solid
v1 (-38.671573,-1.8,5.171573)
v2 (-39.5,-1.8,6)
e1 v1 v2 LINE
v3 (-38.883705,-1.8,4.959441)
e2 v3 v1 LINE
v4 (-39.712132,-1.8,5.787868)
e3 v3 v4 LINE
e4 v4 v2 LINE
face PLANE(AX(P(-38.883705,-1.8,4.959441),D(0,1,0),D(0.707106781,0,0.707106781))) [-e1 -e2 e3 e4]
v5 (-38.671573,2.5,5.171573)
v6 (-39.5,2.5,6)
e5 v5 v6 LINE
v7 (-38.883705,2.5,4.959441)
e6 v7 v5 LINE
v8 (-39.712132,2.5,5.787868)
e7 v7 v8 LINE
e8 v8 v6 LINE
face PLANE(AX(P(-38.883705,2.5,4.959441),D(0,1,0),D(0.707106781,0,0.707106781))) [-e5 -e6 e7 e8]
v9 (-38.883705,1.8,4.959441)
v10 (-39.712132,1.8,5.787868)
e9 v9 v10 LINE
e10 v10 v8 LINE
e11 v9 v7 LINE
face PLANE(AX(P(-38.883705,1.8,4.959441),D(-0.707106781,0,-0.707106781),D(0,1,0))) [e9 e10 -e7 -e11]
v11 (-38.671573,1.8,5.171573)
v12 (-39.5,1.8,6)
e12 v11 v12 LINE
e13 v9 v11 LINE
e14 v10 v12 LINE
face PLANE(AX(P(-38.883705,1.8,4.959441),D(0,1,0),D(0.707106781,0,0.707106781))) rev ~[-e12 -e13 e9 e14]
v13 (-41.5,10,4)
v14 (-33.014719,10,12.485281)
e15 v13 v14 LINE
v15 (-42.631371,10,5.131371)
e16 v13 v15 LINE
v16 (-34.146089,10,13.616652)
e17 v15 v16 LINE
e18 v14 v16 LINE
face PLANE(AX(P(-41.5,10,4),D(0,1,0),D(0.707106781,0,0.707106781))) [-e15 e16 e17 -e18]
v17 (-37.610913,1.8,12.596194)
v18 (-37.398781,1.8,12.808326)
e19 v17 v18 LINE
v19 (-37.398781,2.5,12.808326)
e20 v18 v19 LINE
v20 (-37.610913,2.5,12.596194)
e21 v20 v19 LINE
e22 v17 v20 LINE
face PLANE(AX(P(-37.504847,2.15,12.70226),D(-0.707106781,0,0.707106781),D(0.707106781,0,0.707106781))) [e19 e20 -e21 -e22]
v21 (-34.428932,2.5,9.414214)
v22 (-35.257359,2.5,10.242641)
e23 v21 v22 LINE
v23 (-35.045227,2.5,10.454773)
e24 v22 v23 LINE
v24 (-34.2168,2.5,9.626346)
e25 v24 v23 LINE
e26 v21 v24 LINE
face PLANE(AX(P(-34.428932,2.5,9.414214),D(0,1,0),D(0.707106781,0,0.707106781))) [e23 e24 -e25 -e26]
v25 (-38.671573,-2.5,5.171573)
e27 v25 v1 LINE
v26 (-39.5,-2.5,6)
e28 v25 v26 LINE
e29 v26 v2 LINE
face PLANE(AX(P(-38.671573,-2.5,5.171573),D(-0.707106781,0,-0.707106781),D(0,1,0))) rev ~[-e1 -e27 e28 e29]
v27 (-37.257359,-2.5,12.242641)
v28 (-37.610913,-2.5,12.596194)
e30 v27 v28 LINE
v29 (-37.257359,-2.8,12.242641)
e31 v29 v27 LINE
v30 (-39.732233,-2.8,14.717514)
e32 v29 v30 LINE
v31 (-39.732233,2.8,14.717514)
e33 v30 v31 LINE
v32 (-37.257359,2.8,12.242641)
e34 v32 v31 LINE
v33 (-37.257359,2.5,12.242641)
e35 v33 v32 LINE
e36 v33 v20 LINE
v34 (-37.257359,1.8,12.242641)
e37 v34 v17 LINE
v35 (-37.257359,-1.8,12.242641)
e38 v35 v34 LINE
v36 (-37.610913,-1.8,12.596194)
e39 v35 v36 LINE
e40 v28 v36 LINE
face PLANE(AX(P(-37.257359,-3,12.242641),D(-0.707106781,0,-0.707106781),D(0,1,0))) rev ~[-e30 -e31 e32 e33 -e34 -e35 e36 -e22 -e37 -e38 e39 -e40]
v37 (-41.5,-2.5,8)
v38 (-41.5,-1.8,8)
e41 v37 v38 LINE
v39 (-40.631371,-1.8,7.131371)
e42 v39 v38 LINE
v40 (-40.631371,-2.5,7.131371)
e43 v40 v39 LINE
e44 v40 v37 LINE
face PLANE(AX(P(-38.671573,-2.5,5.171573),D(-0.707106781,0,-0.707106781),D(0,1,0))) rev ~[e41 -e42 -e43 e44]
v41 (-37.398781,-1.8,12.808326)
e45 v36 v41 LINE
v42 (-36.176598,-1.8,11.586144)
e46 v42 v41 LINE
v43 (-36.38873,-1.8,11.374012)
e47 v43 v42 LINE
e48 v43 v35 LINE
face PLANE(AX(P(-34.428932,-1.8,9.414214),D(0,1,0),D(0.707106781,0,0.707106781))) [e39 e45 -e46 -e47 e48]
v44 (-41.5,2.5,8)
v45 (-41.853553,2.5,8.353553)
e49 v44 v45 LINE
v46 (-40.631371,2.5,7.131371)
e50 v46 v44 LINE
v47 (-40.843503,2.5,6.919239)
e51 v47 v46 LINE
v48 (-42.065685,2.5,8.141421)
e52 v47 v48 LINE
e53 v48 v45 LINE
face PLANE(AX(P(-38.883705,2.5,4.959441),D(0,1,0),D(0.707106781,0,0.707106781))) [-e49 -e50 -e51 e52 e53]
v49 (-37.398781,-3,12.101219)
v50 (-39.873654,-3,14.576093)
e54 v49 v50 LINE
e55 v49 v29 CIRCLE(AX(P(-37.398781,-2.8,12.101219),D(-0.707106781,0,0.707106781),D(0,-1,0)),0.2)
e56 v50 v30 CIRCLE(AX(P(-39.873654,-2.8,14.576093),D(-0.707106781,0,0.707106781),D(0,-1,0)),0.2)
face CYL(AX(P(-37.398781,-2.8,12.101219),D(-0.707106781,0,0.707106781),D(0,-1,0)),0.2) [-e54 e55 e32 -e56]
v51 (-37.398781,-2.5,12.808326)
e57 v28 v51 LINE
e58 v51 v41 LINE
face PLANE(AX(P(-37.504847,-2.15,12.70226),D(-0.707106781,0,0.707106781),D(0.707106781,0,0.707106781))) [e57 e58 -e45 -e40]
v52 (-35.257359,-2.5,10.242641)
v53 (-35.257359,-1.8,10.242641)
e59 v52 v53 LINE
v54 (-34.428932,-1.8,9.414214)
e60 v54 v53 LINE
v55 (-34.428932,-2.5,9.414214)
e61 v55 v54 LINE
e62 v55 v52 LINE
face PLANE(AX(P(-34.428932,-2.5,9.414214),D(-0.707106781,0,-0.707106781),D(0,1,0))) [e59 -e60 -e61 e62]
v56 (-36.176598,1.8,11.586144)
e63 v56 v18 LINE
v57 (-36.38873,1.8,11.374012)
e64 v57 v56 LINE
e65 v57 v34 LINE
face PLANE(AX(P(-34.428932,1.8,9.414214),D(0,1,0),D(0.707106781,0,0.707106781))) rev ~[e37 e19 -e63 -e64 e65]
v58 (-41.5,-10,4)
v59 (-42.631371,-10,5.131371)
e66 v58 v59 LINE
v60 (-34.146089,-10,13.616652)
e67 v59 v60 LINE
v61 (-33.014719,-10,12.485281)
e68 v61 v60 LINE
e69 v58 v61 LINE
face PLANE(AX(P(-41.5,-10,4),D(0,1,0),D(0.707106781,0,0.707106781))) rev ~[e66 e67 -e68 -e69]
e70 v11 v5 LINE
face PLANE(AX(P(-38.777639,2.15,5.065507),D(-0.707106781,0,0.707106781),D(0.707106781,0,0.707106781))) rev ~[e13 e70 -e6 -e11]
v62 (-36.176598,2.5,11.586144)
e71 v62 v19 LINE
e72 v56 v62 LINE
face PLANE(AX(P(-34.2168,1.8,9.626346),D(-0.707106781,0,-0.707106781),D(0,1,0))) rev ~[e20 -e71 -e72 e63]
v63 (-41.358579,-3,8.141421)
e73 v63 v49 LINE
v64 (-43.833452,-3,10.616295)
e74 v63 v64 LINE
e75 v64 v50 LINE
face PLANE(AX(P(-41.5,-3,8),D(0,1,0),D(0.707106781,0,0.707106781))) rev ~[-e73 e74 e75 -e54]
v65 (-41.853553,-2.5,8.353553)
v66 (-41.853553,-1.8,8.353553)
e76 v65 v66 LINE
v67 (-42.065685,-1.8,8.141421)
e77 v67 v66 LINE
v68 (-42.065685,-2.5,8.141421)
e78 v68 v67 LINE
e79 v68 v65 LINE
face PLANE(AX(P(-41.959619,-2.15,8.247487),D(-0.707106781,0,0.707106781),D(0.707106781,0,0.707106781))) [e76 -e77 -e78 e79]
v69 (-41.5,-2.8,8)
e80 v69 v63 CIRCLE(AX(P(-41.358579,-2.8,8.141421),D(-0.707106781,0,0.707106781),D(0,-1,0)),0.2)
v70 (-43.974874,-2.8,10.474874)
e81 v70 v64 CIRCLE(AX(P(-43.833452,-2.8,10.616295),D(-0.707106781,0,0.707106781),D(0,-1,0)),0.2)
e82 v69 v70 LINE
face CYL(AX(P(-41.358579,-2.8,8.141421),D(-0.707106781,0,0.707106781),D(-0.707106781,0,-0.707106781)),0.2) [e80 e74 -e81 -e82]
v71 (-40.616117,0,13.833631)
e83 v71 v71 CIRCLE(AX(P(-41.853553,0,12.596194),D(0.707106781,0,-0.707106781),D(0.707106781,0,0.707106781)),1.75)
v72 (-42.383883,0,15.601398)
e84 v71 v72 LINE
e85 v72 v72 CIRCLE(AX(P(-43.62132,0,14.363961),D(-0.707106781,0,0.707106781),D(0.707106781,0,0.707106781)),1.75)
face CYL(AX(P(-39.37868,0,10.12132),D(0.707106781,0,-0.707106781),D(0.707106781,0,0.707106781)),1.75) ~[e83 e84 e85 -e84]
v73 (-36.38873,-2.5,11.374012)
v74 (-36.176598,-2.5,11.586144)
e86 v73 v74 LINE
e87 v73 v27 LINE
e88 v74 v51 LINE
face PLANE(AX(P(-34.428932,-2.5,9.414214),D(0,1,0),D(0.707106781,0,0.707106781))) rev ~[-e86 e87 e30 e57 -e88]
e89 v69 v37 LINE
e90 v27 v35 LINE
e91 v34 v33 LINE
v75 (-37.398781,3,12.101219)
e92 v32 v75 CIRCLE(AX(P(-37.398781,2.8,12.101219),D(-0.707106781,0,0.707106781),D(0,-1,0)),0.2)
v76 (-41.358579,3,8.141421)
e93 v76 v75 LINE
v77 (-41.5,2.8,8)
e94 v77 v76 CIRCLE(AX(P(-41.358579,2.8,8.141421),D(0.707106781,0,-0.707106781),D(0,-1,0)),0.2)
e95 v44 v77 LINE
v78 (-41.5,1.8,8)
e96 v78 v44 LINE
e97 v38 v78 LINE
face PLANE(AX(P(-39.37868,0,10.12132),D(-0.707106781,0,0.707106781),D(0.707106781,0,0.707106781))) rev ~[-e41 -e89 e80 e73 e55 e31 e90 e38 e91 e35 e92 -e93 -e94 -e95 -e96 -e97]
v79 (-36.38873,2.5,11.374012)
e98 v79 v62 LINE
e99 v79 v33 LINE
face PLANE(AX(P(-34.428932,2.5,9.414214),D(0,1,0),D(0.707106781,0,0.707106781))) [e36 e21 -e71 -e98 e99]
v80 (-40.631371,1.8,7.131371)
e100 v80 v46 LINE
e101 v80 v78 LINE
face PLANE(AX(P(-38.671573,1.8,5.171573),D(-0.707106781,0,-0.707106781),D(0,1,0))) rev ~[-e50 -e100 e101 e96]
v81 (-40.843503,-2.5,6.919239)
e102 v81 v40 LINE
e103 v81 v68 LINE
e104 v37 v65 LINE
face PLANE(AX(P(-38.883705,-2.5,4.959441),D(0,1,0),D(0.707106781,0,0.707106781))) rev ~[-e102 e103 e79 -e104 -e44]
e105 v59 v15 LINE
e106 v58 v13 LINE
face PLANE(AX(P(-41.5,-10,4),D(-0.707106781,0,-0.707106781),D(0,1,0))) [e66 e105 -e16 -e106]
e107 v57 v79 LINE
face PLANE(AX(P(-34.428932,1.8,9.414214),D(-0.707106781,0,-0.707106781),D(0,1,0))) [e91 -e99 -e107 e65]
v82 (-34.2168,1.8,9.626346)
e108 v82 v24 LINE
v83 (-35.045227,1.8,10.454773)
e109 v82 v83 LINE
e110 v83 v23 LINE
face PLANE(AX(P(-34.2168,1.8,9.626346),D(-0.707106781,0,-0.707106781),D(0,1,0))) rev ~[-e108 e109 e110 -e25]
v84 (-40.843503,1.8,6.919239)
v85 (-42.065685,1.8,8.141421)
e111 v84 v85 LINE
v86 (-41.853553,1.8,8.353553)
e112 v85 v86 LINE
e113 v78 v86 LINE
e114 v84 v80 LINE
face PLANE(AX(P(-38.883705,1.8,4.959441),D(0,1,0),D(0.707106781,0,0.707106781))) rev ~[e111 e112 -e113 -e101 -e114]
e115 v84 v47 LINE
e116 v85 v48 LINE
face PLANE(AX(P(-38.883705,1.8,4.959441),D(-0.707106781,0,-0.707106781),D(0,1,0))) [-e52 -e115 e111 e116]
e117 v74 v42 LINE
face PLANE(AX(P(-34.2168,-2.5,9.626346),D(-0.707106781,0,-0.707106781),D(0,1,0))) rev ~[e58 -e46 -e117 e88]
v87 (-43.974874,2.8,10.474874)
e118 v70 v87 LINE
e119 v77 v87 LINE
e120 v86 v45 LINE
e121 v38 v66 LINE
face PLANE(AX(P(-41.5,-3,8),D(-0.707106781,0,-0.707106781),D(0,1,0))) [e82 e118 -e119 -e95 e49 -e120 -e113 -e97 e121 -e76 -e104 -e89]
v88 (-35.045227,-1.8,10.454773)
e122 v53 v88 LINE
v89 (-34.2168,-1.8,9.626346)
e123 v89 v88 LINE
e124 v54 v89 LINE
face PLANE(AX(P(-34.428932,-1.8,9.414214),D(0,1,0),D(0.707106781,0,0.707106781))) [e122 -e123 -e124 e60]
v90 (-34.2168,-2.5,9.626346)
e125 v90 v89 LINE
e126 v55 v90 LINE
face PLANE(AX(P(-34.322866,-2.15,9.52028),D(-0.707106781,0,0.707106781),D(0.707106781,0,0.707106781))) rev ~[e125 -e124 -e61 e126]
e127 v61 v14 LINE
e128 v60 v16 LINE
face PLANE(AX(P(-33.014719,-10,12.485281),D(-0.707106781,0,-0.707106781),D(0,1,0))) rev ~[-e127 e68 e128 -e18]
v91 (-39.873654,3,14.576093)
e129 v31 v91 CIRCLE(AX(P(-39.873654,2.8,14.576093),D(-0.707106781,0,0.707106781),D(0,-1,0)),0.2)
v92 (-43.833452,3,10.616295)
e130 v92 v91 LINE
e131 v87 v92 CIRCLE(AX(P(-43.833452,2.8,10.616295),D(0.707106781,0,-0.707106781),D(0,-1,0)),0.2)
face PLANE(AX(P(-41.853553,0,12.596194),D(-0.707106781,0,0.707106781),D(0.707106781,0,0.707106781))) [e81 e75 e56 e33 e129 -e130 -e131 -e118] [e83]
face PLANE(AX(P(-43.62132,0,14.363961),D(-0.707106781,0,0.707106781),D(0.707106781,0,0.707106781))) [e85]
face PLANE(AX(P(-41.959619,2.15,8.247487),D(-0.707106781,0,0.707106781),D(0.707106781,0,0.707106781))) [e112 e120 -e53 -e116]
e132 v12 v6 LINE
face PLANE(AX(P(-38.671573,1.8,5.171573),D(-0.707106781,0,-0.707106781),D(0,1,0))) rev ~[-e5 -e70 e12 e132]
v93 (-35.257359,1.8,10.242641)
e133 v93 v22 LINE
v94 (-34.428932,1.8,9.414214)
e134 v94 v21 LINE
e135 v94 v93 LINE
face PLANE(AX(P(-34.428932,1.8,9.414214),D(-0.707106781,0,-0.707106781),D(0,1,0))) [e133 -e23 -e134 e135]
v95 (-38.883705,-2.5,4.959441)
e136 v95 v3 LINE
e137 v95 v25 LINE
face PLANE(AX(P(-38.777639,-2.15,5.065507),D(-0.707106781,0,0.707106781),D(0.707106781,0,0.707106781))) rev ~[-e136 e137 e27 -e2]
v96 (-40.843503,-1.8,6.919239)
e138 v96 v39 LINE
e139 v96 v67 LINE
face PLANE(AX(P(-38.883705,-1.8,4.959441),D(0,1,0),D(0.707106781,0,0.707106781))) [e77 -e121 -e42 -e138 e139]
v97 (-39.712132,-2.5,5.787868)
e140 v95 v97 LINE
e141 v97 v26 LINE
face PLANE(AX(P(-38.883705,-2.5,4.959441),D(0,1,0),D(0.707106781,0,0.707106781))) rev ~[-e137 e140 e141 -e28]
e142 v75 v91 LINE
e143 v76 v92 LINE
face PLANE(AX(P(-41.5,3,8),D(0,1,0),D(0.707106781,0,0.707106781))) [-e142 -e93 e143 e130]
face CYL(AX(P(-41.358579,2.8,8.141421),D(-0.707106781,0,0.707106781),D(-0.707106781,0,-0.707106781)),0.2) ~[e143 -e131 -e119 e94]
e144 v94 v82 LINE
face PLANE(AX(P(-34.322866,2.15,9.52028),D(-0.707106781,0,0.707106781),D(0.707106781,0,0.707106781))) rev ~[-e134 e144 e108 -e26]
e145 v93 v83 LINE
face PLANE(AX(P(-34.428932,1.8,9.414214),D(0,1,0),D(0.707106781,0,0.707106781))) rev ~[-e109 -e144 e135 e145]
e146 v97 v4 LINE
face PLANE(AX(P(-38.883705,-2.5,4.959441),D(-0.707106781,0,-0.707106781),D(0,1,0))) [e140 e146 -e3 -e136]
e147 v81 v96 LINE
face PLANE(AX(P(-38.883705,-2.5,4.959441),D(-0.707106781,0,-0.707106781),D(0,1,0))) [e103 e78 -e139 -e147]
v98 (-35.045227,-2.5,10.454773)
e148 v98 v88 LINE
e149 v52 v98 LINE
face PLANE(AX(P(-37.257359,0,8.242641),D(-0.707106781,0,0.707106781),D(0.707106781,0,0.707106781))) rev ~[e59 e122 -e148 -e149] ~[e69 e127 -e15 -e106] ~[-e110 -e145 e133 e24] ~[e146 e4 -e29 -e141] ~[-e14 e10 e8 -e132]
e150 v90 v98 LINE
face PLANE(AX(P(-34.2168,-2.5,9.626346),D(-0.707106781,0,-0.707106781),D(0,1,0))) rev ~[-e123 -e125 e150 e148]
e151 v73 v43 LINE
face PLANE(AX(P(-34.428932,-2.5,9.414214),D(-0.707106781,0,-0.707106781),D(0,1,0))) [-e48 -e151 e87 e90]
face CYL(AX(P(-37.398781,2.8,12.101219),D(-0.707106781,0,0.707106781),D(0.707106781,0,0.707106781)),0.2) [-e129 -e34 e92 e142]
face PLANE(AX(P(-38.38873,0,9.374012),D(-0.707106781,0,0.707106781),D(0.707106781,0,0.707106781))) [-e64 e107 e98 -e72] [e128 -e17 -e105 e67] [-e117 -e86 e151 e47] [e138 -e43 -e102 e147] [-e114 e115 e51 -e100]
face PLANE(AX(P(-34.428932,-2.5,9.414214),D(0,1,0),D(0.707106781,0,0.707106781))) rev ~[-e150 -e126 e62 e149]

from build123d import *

# Parameters (mm, degrees)
BOX026_W              = 12
BOX026_H              = 20
BOX026_DEPTH          = 1.6
BOX026_PITCH_ANGLE    = -45
BOX024_W              = 0.3
BOX024_H              = 0.7
BOX024_DEPTH          = 4.5
BOX021_W              = 0.3
BOX021_H              = 0.7
BOX021_DEPTH          = 4.5
BOX025_W              = 0.3
BOX025_H              = 0.7
BOX025_DEPTH          = 4.5
BOX022_W              = 0.3
BOX022_H              = 0.7
BOX022_DEPTH          = 4.5
CYLINDER042_R         = 1.75
CYLINDER042_DEPTH     = 6
BOX023_W              = 6
BOX023_H              = 6
BOX023_DEPTH          = 3.5
FILLET004_R           = 0.2
FUSION004_PITCH_ANGLE = -45


with BuildPart() as plaqueta_pulsador:
    # Box026 → Box026 (new body)
    with BuildSketch(Plane.XY):
        with Locations((6, 10)):
            Rectangle(BOX026_W, BOX026_H)
    extrude(amount=BOX026_DEPTH)


with BuildPart() as plaqueta_pulsador_1:
    # Box026 pitch: moved
    add(plaqueta_pulsador.part.rotate(Axis((0, 0, 0), (0, 1, 0)), BOX026_PITCH_ANGLE))


with BuildPart() as plaqueta_pulsador_2:
    # Box026 placement: moved
    add(plaqueta_pulsador_1.part.moved(Location((-43, -10, 4))))


with BuildPart() as cubo021:
    # Box024 → Box024 (new body)
    with BuildSketch(Plane(origin=(6, 0.5, -4), x_dir=(1, 0, 0), z_dir=(0, 0, 1))):
        with Locations((0.15, 0.35)):
            Rectangle(BOX024_W, BOX024_H)
    extrude(amount=BOX024_DEPTH)


with BuildPart() as cubo018:
    # Box021 → Box021 (new body)
    with BuildSketch(Plane(origin=(6, 4.8, -4), x_dir=(1, 0, 0), z_dir=(0, 0, 1))):
        with Locations((0.15, 0.35)):
            Rectangle(BOX021_W, BOX021_H)
    extrude(amount=BOX021_DEPTH)


with BuildPart() as cubo022:
    # Box025 → Box025 (new body)
    with BuildSketch(Plane(origin=(-0.3, 4.8, -4), x_dir=(1, 0, 0), z_dir=(0, 0, 1))):
        with Locations((0.15, 0.35)):
            Rectangle(BOX025_W, BOX025_H)
    extrude(amount=BOX025_DEPTH)


with BuildPart() as cubo019:
    # Box022 → Box022 (new body)
    with BuildSketch(Plane(origin=(-0.3, 0.5, -4), x_dir=(1, 0, 0), z_dir=(0, 0, 1))):
        with Locations((0.15, 0.35)):
            Rectangle(BOX022_W, BOX022_H)
    extrude(amount=BOX022_DEPTH)


with BuildPart() as cilindro018:
    # Cylinder042 → Cylinder042 (new body)
    with BuildSketch(Plane(origin=(3, 3, 0), x_dir=(1, 0, 0), z_dir=(0, 0, 1))):
        Circle(CYLINDER042_R)
    extrude(amount=CYLINDER042_DEPTH)


with BuildPart() as plaqueta_con_pulsador:
    # Box023 → Box023 (new body)
    with BuildSketch(Plane.XY):
        with Locations((3, 3)):
            Rectangle(BOX023_W, BOX023_H)
    extrude(amount=BOX023_DEPTH)

    # Fillet004
    fillet004_edges = [plaqueta_con_pulsador.edges().sort_by_distance(p)[0] for p in [
        (0, 0, 1.75),
        (0, 6, 1.75),
        (6, 0, 1.75),
        (6, 6, 1.75),
    ]]
    fillet(fillet004_edges, radius=FILLET004_R)

    # Fusion004: union Cubo021, Cubo018, Cubo022, Cubo019, Cilindro018
    add(cubo021.part)
    add(cubo018.part)
    add(cubo022.part)
    add(cubo019.part)
    add(cilindro018.part)


with BuildPart() as plaqueta_con_pulsador_1:
    # Fusion004 pitch: moved
    add(plaqueta_con_pulsador.part.rotate(Axis((0, 0, 0), (0, 1, 0)), FUSION004_PITCH_ANGLE))


with BuildPart() as plaqueta_con_pulsador_2:
    # Fusion004 placement: moved
    add(plaqueta_con_pulsador_1.part.moved(Location((-43, -3, 8))))

    # Fusion005: union plaqueta pulsador
    add(plaqueta_pulsador_2.part)


with BuildPart() as plaqueta_con_pulsador_3:
    # Fusion005 placement: moved
    add(plaqueta_con_pulsador_2.part.moved(Location((1.5, 0, 0))))


solid = plaqueta_con_pulsador_3.part
